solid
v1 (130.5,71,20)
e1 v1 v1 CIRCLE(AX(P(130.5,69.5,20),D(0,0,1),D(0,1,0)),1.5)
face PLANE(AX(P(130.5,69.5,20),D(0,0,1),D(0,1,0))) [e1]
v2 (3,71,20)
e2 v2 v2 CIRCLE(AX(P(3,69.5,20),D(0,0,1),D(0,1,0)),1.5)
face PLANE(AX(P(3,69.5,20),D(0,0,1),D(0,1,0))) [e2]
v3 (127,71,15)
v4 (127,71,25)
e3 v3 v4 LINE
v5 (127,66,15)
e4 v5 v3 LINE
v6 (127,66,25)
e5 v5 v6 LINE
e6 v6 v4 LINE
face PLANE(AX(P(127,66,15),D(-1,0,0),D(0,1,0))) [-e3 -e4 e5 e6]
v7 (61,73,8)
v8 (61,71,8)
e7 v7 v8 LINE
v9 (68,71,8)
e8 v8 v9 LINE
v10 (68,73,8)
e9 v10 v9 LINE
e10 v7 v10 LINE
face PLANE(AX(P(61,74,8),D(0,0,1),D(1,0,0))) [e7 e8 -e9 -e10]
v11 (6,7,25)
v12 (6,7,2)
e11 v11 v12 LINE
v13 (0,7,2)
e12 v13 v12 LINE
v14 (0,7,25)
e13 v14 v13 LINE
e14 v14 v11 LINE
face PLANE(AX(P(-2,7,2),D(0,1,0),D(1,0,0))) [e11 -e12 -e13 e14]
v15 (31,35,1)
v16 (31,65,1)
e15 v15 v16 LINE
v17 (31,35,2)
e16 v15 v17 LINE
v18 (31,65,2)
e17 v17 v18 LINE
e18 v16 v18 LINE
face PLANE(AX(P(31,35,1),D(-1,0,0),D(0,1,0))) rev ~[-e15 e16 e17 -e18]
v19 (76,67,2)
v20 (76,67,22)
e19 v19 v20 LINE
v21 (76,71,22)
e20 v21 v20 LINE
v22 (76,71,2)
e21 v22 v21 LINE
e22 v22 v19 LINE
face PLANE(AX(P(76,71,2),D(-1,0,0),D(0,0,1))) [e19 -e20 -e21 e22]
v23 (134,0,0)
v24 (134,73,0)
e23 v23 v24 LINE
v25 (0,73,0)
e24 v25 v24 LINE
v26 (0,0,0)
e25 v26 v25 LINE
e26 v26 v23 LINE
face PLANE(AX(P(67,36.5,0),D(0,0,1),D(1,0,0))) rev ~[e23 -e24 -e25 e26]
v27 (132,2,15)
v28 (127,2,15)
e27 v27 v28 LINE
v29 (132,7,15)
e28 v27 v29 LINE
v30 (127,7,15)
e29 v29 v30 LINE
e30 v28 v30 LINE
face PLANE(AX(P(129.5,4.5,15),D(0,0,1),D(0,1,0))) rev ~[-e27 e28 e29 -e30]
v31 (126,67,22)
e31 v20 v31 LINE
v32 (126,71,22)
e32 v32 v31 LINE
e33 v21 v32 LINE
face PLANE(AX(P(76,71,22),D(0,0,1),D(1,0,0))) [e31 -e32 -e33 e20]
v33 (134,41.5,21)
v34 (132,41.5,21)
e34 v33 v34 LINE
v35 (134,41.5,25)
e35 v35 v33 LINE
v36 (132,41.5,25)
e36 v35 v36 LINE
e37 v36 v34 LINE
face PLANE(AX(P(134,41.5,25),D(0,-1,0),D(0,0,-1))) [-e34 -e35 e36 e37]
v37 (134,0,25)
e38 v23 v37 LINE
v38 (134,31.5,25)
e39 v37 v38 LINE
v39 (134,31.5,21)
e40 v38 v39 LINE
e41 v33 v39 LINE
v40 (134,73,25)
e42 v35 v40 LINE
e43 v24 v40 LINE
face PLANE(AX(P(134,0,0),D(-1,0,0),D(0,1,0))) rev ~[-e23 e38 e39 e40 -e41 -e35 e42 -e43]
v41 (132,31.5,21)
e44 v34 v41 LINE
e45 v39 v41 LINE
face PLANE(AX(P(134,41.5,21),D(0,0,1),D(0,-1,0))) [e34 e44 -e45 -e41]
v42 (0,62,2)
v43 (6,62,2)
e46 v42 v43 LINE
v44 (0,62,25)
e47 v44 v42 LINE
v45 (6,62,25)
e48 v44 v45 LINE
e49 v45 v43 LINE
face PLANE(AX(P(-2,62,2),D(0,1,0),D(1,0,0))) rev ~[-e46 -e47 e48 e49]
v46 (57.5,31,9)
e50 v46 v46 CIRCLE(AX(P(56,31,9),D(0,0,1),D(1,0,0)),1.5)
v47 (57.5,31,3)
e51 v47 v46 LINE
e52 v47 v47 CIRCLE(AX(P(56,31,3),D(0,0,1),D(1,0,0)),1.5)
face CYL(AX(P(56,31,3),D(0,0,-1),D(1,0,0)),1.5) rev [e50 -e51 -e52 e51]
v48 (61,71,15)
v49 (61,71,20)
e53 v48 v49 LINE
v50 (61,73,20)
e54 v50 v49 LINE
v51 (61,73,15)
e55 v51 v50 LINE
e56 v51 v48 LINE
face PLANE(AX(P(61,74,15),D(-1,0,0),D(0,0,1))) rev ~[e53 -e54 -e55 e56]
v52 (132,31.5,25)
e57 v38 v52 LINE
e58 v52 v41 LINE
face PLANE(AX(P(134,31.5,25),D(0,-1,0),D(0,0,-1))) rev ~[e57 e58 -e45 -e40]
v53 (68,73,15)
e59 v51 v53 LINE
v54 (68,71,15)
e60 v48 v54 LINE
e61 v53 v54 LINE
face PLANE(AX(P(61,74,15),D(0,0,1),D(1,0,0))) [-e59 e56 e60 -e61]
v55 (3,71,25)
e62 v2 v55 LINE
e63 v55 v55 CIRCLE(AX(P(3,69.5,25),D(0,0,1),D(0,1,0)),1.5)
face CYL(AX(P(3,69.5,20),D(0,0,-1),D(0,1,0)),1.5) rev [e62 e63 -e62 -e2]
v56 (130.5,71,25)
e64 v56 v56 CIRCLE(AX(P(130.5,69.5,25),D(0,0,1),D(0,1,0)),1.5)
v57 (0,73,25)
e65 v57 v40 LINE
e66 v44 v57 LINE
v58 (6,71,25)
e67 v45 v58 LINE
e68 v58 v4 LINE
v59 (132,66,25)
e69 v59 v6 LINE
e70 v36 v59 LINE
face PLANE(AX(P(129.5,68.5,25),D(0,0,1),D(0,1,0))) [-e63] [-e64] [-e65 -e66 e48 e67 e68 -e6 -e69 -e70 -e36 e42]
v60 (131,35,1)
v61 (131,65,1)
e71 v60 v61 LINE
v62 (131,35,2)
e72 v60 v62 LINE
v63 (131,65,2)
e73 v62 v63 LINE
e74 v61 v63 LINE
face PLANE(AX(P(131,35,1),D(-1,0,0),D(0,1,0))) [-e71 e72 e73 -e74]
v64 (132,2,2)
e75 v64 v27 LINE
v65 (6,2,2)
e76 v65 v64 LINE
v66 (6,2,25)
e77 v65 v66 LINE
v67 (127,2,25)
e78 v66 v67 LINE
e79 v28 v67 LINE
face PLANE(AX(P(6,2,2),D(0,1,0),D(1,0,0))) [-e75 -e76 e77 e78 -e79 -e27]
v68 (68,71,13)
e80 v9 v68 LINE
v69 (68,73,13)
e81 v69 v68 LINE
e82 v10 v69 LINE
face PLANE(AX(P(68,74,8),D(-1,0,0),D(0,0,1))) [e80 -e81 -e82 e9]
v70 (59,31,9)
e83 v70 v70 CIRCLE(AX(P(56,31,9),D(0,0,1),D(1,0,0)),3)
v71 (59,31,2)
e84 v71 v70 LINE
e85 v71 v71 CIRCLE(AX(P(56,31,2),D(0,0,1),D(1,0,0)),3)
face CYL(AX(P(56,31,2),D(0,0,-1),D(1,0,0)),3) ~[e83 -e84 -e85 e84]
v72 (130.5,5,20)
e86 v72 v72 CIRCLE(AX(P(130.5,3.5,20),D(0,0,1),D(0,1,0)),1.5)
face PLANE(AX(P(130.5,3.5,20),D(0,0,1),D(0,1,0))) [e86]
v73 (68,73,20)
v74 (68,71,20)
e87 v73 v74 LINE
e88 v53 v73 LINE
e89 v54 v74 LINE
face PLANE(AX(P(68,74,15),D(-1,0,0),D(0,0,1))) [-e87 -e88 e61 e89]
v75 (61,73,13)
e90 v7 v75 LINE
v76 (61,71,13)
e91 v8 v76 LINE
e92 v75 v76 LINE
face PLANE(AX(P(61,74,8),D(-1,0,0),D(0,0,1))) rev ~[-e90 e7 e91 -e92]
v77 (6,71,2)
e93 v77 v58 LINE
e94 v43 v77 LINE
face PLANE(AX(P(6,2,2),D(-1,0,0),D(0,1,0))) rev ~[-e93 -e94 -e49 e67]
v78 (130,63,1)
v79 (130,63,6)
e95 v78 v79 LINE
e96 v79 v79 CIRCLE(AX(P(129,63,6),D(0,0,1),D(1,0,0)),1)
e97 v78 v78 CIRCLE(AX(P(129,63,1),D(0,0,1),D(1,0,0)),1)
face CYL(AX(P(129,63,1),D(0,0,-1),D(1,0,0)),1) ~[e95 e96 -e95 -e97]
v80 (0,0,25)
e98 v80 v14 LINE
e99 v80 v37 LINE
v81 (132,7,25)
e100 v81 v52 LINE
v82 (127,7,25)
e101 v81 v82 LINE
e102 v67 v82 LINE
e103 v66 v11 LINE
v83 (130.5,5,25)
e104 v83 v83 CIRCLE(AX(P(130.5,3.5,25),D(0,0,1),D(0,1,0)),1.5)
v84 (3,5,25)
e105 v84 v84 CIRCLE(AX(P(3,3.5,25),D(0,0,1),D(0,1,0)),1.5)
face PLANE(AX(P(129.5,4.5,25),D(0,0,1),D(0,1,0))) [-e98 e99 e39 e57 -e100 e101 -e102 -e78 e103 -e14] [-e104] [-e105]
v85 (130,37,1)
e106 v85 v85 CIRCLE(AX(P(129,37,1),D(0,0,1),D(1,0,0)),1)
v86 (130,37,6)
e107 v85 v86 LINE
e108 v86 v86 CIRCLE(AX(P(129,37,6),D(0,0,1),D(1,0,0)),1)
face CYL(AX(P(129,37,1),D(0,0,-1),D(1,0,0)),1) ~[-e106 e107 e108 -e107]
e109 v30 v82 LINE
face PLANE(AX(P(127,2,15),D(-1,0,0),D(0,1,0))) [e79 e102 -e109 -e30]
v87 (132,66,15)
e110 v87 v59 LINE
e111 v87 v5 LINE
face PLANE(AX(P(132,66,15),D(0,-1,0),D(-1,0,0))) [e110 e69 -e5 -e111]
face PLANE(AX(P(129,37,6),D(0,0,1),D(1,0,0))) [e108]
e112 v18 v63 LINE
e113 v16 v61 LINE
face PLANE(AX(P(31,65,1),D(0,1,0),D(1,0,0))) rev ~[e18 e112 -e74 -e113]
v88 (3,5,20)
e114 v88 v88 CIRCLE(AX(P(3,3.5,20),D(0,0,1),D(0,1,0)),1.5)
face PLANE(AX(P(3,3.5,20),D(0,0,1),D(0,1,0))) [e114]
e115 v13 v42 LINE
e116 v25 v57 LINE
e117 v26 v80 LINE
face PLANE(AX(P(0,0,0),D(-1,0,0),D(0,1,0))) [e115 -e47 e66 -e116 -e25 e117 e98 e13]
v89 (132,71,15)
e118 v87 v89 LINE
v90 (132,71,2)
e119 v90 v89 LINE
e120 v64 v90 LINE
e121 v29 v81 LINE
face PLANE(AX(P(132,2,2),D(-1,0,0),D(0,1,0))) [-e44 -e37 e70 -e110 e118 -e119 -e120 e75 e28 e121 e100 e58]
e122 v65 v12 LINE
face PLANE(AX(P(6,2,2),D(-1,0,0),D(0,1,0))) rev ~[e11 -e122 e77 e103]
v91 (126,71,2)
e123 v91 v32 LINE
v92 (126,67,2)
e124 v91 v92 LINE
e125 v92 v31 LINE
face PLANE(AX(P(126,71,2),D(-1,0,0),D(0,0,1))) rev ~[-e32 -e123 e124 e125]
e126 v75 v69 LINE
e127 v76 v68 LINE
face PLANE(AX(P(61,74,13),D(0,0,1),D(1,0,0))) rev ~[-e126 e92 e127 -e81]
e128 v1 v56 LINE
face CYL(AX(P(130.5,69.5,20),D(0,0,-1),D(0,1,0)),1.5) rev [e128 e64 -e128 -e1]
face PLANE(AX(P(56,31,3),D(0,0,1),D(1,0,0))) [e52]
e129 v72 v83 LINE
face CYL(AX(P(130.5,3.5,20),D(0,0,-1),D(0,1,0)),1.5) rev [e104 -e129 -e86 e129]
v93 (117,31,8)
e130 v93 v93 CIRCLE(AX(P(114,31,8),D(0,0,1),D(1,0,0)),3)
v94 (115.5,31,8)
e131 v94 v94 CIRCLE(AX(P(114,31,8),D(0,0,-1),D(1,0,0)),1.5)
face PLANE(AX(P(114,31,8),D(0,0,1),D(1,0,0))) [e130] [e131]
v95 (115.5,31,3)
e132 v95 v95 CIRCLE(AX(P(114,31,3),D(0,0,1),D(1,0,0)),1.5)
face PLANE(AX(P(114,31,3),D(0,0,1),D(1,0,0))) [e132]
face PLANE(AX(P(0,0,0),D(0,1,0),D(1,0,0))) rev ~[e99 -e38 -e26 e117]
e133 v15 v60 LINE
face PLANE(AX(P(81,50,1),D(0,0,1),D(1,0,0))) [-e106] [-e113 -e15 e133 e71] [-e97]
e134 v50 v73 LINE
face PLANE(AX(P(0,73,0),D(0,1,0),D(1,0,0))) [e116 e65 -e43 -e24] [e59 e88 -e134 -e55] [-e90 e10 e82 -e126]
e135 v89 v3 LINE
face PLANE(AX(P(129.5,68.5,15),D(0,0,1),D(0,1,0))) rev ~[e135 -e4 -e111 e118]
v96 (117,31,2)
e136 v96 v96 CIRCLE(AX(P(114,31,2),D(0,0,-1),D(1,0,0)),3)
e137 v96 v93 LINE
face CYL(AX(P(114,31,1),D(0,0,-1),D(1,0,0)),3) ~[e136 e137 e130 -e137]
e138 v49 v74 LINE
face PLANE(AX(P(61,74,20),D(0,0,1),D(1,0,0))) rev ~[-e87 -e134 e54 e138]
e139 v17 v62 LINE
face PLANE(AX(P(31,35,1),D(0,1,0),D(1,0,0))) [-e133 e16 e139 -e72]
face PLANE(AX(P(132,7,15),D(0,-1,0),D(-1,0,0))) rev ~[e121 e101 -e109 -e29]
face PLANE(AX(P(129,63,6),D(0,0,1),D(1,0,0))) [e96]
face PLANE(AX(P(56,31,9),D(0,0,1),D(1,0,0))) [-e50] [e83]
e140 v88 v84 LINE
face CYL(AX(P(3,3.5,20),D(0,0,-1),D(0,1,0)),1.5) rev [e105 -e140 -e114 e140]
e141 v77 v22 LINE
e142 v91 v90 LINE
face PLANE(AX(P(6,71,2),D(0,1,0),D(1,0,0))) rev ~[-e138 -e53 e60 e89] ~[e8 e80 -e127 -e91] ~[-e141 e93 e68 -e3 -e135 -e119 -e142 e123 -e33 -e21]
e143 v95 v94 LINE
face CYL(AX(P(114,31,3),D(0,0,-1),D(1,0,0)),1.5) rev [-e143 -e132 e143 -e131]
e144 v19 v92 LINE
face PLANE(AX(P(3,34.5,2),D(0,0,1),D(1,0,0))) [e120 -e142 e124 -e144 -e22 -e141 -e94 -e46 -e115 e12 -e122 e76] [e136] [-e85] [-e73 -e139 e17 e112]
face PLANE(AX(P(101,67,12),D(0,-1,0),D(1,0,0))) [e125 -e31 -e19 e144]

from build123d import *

# Parameters (mm, degrees)
BOX_W             = 134
BOX_H             = 73
BOX_DEPTH         = 25
BOX001_W          = 126
BOX001_H          = 69
BOX001_DEPTH      = 23
BOX002_W          = 10
BOX002_H          = 55
BOX002_DEPTH      = 23
BOX003_W          = 100
BOX003_H          = 30
BOX003_DEPTH      = 1
CYLINDER_R        = 1
CYLINDER_DEPTH    = 5
CYLINDER001_R     = 1
CYLINDER001_DEPTH = 5
CYLINDER002_R     = 3
CYLINDER002_DEPTH = 7
CYLINDER003_R     = 1.5
CYLINDER003_DEPTH = 6
CYLINDER004_R     = 3
CYLINDER004_DEPTH = 7
CYLINDER005_R     = 1.5
CYLINDER005_DEPTH = 6
BOX004_W          = 7
BOX004_H          = 5
BOX004_DEPTH      = 7
BOX005_W          = 7
BOX005_H          = 5
BOX005_DEPTH      = 5
BOX006_W          = 50
BOX006_H          = 20
BOX006_DEPTH      = 4
BOX007_W          = 4
BOX007_H          = 10
BOX007_DEPTH      = 2
CYLINDER006_R     = 1.5
CYLINDER006_DEPTH = 5
CYLINDER007_R     = 1.5
CYLINDER007_DEPTH = 5
BOX008_W          = 5
BOX008_H          = 5
BOX008_DEPTH      = 10
BOX009_W          = 5
BOX009_H          = 5
BOX009_DEPTH      = 10
CYLINDER008_R     = 1.5
CYLINDER008_DEPTH = 5
CYLINDER009_R     = 1.5
CYLINDER009_DEPTH = 5


with BuildPart() as part:
    # Box → Box (join)
    with BuildSketch(Plane.XY):
        with Locations((67, 36.5)):
            Rectangle(BOX_W, BOX_H)
    extrude(amount=BOX_DEPTH)

    # Box001 → Box001 (cut)
    with BuildSketch(Plane(origin=(6, 2, 2), x_dir=(1, 0, 0), z_dir=(0, 0, 1))):
        with Locations((63, 34.5)):
            Rectangle(BOX001_W, BOX001_H)
    extrude(amount=BOX001_DEPTH, mode=Mode.SUBTRACT)

    # Box002 → Box002 (cut)
    with BuildSketch(Plane(origin=(-2, 7, 2), x_dir=(1, 0, 0), z_dir=(0, 0, 1))):
        with Locations((5, 27.5)):
            Rectangle(BOX002_W, BOX002_H)
    extrude(amount=BOX002_DEPTH, mode=Mode.SUBTRACT)

    # Box003 → Box003 (cut)
    with BuildSketch(Plane(origin=(31, 35, 1), x_dir=(1, 0, 0), z_dir=(0, 0, 1))):
        with Locations((50, 15)):
            Rectangle(BOX003_W, BOX003_H)
    extrude(amount=BOX003_DEPTH, mode=Mode.SUBTRACT)

    # Cylinder → Cylinder (join)
    with BuildSketch(Plane(origin=(129, 37, 1), x_dir=(1, 0, 0), z_dir=(0, 0, 1))):
        Circle(CYLINDER_R)
    extrude(amount=CYLINDER_DEPTH)

    # Cylinder001 → Cylinder001 (join)
    with BuildSketch(Plane(origin=(129, 63, 1), x_dir=(1, 0, 0), z_dir=(0, 0, 1))):
        Circle(CYLINDER001_R)
    extrude(amount=CYLINDER001_DEPTH)

    # Cylinder002 → Cylinder002 (join)
    with BuildSketch(Plane(origin=(114, 31, 1), x_dir=(1, 0, 0), z_dir=(0, 0, 1))):
        Circle(CYLINDER002_R)
    extrude(amount=CYLINDER002_DEPTH)

    # Cylinder003 → Cylinder003 (cut)
    with BuildSketch(Plane(origin=(114, 31, 3), x_dir=(1, 0, 0), z_dir=(0, 0, 1))):
        Circle(CYLINDER003_R)
    extrude(amount=CYLINDER003_DEPTH, mode=Mode.SUBTRACT)

    # Cylinder004 → Cylinder004 (join)
    with BuildSketch(Plane(origin=(56, 31, 2), x_dir=(1, 0, 0), z_dir=(0, 0, 1))):
        Circle(CYLINDER004_R)
    extrude(amount=CYLINDER004_DEPTH)

    # Cylinder005 → Cylinder005 (cut)
    with BuildSketch(Plane(origin=(56, 31, 3), x_dir=(1, 0, 0), z_dir=(0, 0, 1))):
        Circle(CYLINDER005_R)
    extrude(amount=CYLINDER005_DEPTH, mode=Mode.SUBTRACT)

    # Box004 → Box004 (cut)
    with BuildSketch(Plane(origin=(61, 74, 8), x_dir=(1, 0, 0), z_dir=(0, -1, 0))):
        with Locations((3.5, 2.5)):
            Rectangle(BOX004_W, BOX004_H)
    extrude(amount=BOX004_DEPTH, mode=Mode.SUBTRACT)

    # Box005 → Box005 (cut)
    with BuildSketch(Plane(origin=(61, 74, 15), x_dir=(1, 0, 0), z_dir=(0, -1, 0))):
        with Locations((3.5, 2.5)):
            Rectangle(BOX005_W, BOX005_H)
    extrude(amount=BOX005_DEPTH, mode=Mode.SUBTRACT)

    # Box006 → Box006 (join)
    with BuildSketch(Plane(origin=(76, 71, 2), x_dir=(1, 0, 0), z_dir=(0, -1, 0))):
        with Locations((25, 10)):
            Rectangle(BOX006_W, BOX006_H)
    extrude(amount=BOX006_DEPTH)

    # Box007 → Box007 (cut)
    with BuildSketch(Plane(origin=(134, 41.5, 25), x_dir=(0, 0, -1), z_dir=(-1, 0, 0))):
        with Locations((2, 5)):
            Rectangle(BOX007_W, BOX007_H)
    extrude(amount=BOX007_DEPTH, mode=Mode.SUBTRACT)

    # Cylinder006 → Cylinder006 (cut)
    with BuildSketch(Plane(origin=(3, 3.5, 20), x_dir=(0, 1, 0), z_dir=(0, 0, 1))):
        Circle(CYLINDER006_R)
    extrude(amount=CYLINDER006_DEPTH, mode=Mode.SUBTRACT)

    # Cylinder007 → Cylinder007 (cut)
    with BuildSketch(Plane(origin=(3, 69.5, 20), x_dir=(0, 1, 0), z_dir=(0, 0, 1))):
        Circle(CYLINDER007_R)
    extrude(amount=CYLINDER007_DEPTH, mode=Mode.SUBTRACT)

    # Box008 → Box008 (join)
    with BuildSketch(Plane(origin=(132, 2, 15), x_dir=(0, 1, 0), z_dir=(0, 0, 1))):
        with Locations((2.5, 2.5)):
            Rectangle(BOX008_W, BOX008_H)
    extrude(amount=BOX008_DEPTH)

    # Box009 → Box009 (join)
    with BuildSketch(Plane(origin=(132, 66, 15), x_dir=(0, 1, 0), z_dir=(0, 0, 1))):
        with Locations((2.5, 2.5)):
            Rectangle(BOX009_W, BOX009_H)
    extrude(amount=BOX009_DEPTH)

    # Cylinder008 → Cylinder008 (cut)
    with BuildSketch(Plane(origin=(130.5, 69.5, 20), x_dir=(0, 1, 0), z_dir=(0, 0, 1))):
        Circle(CYLINDER008_R)
    extrude(amount=CYLINDER008_DEPTH, mode=Mode.SUBTRACT)

    # Cylinder009 → Cylinder009 (cut)
    with BuildSketch(Plane(origin=(130.5, 3.5, 20), x_dir=(0, 1, 0), z_dir=(0, 0, 1))):
        Circle(CYLINDER009_R)
    extrude(amount=CYLINDER009_DEPTH, mode=Mode.SUBTRACT)


solid = part.part
